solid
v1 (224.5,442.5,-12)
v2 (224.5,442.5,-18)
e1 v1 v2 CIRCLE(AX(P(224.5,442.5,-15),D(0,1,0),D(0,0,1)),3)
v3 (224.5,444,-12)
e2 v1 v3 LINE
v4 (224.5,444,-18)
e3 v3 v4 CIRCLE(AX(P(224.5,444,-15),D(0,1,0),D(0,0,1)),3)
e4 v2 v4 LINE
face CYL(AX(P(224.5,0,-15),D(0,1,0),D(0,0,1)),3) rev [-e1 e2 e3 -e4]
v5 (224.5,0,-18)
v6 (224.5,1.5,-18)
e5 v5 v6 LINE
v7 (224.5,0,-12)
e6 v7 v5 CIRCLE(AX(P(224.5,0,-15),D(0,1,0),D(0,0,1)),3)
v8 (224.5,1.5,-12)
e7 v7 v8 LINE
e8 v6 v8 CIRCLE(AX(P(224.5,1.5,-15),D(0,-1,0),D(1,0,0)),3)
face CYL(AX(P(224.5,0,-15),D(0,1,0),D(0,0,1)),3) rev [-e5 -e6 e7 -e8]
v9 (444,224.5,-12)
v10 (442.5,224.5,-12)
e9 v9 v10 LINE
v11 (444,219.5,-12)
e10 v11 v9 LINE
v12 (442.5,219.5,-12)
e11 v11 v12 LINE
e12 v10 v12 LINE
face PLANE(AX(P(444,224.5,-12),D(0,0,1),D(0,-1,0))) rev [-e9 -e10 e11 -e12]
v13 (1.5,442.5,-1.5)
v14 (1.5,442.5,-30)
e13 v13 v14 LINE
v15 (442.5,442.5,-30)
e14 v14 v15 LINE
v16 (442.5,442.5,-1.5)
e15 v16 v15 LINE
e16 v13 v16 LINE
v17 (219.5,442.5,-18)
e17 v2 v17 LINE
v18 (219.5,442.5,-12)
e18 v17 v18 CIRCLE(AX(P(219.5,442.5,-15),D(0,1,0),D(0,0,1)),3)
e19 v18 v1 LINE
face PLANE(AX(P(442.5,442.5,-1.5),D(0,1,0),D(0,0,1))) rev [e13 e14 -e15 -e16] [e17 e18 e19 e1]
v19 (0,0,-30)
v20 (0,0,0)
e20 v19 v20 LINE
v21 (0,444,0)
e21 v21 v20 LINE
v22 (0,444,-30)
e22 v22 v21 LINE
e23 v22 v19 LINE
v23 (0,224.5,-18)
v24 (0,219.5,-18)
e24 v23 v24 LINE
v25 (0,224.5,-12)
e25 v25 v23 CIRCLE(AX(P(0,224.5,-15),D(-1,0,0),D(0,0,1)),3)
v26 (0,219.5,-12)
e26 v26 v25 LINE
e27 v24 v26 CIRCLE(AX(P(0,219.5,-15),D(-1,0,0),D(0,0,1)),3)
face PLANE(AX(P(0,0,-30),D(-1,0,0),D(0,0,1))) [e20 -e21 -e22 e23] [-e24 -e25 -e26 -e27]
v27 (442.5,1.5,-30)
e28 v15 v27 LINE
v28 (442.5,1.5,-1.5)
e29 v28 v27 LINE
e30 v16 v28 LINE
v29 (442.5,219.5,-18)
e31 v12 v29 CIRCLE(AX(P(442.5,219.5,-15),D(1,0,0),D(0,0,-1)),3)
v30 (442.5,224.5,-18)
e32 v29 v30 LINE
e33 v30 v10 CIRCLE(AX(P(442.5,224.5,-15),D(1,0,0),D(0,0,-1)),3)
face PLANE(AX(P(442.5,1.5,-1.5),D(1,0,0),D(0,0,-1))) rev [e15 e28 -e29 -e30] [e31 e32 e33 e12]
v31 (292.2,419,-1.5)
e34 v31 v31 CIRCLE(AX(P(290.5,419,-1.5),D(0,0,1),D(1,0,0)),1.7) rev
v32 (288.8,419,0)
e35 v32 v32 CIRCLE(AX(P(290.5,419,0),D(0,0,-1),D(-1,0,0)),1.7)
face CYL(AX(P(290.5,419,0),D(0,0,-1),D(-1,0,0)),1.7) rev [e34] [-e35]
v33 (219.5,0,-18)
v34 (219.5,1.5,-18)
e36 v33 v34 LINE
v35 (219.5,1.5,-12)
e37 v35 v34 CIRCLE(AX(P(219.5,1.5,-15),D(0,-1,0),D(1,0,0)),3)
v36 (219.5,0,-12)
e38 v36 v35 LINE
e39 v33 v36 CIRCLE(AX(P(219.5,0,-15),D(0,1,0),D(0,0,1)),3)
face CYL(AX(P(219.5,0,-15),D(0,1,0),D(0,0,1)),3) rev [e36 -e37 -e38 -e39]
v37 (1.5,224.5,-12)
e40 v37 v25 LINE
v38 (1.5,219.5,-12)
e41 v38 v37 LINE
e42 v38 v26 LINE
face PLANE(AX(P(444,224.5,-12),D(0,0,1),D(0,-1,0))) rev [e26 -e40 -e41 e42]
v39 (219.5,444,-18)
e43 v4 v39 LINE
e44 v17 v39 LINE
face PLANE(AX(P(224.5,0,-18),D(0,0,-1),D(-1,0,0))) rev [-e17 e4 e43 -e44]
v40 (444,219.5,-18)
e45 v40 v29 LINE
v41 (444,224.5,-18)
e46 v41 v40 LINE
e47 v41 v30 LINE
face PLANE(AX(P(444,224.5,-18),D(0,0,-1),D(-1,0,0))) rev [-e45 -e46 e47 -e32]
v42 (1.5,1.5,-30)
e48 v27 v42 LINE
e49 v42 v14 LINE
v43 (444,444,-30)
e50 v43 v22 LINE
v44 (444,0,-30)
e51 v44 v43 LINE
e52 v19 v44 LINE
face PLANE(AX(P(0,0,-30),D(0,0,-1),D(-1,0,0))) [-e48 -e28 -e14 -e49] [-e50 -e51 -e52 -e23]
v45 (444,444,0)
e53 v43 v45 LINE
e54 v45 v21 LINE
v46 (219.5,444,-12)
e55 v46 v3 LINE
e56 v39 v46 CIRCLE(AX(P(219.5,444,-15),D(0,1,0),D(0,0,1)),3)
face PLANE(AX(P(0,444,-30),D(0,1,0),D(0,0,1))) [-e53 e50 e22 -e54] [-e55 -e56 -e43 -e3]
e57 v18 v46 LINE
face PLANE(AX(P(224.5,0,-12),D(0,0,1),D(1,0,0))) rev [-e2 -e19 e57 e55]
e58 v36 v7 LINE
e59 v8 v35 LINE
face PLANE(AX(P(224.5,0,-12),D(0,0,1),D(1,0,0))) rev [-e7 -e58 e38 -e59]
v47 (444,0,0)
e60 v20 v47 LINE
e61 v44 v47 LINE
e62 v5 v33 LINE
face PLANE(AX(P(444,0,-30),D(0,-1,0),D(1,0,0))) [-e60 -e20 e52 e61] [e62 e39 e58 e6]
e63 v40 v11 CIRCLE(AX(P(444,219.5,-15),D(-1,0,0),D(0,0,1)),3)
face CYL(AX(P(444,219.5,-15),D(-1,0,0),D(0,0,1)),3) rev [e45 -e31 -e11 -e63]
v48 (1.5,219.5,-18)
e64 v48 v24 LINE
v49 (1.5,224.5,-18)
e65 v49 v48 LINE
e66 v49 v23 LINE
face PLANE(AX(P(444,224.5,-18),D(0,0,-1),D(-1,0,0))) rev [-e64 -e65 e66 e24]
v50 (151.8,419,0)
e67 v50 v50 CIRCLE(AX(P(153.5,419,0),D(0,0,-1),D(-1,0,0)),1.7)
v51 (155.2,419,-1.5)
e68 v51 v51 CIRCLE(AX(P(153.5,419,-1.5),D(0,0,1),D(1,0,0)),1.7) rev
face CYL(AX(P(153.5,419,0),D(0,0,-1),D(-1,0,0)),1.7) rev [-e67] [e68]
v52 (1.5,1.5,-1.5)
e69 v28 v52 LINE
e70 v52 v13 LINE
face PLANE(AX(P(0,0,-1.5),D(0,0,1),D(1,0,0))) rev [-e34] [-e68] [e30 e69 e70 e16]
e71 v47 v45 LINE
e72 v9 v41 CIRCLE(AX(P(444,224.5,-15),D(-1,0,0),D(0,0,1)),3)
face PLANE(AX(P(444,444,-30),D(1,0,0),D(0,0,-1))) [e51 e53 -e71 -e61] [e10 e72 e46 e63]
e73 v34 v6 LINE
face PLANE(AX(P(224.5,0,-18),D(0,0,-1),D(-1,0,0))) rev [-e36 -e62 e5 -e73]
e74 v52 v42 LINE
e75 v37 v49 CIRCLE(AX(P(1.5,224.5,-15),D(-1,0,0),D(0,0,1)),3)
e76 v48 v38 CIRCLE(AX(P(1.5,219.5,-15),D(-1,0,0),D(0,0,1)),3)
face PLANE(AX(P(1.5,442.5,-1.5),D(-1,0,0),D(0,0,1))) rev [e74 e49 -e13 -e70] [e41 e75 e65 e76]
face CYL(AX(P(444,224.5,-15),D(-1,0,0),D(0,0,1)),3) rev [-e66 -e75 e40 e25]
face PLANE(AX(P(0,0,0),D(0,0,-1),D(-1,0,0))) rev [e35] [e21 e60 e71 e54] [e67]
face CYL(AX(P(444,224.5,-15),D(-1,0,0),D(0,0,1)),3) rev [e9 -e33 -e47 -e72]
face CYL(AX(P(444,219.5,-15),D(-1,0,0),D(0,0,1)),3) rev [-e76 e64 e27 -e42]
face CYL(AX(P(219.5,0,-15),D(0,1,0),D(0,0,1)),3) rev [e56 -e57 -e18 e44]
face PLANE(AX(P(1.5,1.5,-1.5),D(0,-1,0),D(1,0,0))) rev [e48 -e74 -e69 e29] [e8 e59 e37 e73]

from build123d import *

# Parameters (mm, degrees)
SCHIZZO1_W                   = 444
SCHIZZO1_H                   = 444
ESTRUSIONE_ESTRUSIONE1_DEPTH = 30
SCHIZZO2_R                   = 1.7
TAGLIO_ESTRUSIONE1_DEPTH     = 629.627075459
SCHIZZO3_W                   = 441
SCHIZZO3_H                   = 441
TAGLIO_ESTRUSIONE2_DEPTH     = 28.5
TAGLIO_ESTRUSIONE3_DEPTH     = 629.627075459
TAGLIO_ESTRUSIONE4_DEPTH     = 629.627075459


with BuildPart() as part:
    # Schizzo1 → Estrusione-Estrusione1 (new body)
    with BuildSketch(Plane.XY):
        with Locations((222, 222)):
            Rectangle(SCHIZZO1_W, SCHIZZO1_H)
    extrude(amount=-ESTRUSIONE_ESTRUSIONE1_DEPTH)

    # Schizzo2 → Taglio-Estrusione1 (cut, through all)
    with BuildSketch(Plane(origin=(0, 0, -30), x_dir=(-1, 0, 0), z_dir=(0, 0, -1))):
        with Locations((-290.5, 419)):
            Circle(SCHIZZO2_R)
        with Locations((-153.5, 419)):
            Circle(SCHIZZO2_R)
    extrude(amount=-TAGLIO_ESTRUSIONE1_DEPTH, mode=Mode.SUBTRACT)

    # Schizzo3 → Taglio-Estrusione2 (cut)
    with BuildSketch(Plane(origin=(0, 0, -30), x_dir=(-1, 0, 0), z_dir=(0, 0, -1))):
        with Locations((-222, 222)):
            Rectangle(SCHIZZO3_W, SCHIZZO3_H)
    extrude(amount=-TAGLIO_ESTRUSIONE2_DEPTH, mode=Mode.SUBTRACT)

    # Schizzo4 → Taglio-Estrusione3 (cut, through all)
    with BuildSketch(Plane(origin=(0, 444, 0), x_dir=(1, 0, 0), z_dir=(0, 1, 0))):
        with BuildLine():
            Line((224.5, 12), (219.5, 12))
            ThreePointArc((219.5, 12), (216.5, 15), (219.5, 18))
            Line((219.5, 18), (224.5, 18))
            ThreePointArc((224.5, 18), (227.5, 15), (224.5, 12))
        make_face()
    extrude(amount=-TAGLIO_ESTRUSIONE3_DEPTH, mode=Mode.SUBTRACT)

    # Schizzo5 → Taglio-Estrusione4 (cut, through all)
    with BuildSketch(Plane.ZY):
        with BuildLine():
            Line((-12, 224.5), (-12, 219.5))
            ThreePointArc((-12, 219.5), (-15, 216.5), (-18, 219.5))
            Line((-18, 219.5), (-18, 224.5))
            ThreePointArc((-18, 224.5), (-15, 227.5), (-12, 224.5))
        make_face()
    extrude(amount=-TAGLIO_ESTRUSIONE4_DEPTH, mode=Mode.SUBTRACT)


solid = part.part
